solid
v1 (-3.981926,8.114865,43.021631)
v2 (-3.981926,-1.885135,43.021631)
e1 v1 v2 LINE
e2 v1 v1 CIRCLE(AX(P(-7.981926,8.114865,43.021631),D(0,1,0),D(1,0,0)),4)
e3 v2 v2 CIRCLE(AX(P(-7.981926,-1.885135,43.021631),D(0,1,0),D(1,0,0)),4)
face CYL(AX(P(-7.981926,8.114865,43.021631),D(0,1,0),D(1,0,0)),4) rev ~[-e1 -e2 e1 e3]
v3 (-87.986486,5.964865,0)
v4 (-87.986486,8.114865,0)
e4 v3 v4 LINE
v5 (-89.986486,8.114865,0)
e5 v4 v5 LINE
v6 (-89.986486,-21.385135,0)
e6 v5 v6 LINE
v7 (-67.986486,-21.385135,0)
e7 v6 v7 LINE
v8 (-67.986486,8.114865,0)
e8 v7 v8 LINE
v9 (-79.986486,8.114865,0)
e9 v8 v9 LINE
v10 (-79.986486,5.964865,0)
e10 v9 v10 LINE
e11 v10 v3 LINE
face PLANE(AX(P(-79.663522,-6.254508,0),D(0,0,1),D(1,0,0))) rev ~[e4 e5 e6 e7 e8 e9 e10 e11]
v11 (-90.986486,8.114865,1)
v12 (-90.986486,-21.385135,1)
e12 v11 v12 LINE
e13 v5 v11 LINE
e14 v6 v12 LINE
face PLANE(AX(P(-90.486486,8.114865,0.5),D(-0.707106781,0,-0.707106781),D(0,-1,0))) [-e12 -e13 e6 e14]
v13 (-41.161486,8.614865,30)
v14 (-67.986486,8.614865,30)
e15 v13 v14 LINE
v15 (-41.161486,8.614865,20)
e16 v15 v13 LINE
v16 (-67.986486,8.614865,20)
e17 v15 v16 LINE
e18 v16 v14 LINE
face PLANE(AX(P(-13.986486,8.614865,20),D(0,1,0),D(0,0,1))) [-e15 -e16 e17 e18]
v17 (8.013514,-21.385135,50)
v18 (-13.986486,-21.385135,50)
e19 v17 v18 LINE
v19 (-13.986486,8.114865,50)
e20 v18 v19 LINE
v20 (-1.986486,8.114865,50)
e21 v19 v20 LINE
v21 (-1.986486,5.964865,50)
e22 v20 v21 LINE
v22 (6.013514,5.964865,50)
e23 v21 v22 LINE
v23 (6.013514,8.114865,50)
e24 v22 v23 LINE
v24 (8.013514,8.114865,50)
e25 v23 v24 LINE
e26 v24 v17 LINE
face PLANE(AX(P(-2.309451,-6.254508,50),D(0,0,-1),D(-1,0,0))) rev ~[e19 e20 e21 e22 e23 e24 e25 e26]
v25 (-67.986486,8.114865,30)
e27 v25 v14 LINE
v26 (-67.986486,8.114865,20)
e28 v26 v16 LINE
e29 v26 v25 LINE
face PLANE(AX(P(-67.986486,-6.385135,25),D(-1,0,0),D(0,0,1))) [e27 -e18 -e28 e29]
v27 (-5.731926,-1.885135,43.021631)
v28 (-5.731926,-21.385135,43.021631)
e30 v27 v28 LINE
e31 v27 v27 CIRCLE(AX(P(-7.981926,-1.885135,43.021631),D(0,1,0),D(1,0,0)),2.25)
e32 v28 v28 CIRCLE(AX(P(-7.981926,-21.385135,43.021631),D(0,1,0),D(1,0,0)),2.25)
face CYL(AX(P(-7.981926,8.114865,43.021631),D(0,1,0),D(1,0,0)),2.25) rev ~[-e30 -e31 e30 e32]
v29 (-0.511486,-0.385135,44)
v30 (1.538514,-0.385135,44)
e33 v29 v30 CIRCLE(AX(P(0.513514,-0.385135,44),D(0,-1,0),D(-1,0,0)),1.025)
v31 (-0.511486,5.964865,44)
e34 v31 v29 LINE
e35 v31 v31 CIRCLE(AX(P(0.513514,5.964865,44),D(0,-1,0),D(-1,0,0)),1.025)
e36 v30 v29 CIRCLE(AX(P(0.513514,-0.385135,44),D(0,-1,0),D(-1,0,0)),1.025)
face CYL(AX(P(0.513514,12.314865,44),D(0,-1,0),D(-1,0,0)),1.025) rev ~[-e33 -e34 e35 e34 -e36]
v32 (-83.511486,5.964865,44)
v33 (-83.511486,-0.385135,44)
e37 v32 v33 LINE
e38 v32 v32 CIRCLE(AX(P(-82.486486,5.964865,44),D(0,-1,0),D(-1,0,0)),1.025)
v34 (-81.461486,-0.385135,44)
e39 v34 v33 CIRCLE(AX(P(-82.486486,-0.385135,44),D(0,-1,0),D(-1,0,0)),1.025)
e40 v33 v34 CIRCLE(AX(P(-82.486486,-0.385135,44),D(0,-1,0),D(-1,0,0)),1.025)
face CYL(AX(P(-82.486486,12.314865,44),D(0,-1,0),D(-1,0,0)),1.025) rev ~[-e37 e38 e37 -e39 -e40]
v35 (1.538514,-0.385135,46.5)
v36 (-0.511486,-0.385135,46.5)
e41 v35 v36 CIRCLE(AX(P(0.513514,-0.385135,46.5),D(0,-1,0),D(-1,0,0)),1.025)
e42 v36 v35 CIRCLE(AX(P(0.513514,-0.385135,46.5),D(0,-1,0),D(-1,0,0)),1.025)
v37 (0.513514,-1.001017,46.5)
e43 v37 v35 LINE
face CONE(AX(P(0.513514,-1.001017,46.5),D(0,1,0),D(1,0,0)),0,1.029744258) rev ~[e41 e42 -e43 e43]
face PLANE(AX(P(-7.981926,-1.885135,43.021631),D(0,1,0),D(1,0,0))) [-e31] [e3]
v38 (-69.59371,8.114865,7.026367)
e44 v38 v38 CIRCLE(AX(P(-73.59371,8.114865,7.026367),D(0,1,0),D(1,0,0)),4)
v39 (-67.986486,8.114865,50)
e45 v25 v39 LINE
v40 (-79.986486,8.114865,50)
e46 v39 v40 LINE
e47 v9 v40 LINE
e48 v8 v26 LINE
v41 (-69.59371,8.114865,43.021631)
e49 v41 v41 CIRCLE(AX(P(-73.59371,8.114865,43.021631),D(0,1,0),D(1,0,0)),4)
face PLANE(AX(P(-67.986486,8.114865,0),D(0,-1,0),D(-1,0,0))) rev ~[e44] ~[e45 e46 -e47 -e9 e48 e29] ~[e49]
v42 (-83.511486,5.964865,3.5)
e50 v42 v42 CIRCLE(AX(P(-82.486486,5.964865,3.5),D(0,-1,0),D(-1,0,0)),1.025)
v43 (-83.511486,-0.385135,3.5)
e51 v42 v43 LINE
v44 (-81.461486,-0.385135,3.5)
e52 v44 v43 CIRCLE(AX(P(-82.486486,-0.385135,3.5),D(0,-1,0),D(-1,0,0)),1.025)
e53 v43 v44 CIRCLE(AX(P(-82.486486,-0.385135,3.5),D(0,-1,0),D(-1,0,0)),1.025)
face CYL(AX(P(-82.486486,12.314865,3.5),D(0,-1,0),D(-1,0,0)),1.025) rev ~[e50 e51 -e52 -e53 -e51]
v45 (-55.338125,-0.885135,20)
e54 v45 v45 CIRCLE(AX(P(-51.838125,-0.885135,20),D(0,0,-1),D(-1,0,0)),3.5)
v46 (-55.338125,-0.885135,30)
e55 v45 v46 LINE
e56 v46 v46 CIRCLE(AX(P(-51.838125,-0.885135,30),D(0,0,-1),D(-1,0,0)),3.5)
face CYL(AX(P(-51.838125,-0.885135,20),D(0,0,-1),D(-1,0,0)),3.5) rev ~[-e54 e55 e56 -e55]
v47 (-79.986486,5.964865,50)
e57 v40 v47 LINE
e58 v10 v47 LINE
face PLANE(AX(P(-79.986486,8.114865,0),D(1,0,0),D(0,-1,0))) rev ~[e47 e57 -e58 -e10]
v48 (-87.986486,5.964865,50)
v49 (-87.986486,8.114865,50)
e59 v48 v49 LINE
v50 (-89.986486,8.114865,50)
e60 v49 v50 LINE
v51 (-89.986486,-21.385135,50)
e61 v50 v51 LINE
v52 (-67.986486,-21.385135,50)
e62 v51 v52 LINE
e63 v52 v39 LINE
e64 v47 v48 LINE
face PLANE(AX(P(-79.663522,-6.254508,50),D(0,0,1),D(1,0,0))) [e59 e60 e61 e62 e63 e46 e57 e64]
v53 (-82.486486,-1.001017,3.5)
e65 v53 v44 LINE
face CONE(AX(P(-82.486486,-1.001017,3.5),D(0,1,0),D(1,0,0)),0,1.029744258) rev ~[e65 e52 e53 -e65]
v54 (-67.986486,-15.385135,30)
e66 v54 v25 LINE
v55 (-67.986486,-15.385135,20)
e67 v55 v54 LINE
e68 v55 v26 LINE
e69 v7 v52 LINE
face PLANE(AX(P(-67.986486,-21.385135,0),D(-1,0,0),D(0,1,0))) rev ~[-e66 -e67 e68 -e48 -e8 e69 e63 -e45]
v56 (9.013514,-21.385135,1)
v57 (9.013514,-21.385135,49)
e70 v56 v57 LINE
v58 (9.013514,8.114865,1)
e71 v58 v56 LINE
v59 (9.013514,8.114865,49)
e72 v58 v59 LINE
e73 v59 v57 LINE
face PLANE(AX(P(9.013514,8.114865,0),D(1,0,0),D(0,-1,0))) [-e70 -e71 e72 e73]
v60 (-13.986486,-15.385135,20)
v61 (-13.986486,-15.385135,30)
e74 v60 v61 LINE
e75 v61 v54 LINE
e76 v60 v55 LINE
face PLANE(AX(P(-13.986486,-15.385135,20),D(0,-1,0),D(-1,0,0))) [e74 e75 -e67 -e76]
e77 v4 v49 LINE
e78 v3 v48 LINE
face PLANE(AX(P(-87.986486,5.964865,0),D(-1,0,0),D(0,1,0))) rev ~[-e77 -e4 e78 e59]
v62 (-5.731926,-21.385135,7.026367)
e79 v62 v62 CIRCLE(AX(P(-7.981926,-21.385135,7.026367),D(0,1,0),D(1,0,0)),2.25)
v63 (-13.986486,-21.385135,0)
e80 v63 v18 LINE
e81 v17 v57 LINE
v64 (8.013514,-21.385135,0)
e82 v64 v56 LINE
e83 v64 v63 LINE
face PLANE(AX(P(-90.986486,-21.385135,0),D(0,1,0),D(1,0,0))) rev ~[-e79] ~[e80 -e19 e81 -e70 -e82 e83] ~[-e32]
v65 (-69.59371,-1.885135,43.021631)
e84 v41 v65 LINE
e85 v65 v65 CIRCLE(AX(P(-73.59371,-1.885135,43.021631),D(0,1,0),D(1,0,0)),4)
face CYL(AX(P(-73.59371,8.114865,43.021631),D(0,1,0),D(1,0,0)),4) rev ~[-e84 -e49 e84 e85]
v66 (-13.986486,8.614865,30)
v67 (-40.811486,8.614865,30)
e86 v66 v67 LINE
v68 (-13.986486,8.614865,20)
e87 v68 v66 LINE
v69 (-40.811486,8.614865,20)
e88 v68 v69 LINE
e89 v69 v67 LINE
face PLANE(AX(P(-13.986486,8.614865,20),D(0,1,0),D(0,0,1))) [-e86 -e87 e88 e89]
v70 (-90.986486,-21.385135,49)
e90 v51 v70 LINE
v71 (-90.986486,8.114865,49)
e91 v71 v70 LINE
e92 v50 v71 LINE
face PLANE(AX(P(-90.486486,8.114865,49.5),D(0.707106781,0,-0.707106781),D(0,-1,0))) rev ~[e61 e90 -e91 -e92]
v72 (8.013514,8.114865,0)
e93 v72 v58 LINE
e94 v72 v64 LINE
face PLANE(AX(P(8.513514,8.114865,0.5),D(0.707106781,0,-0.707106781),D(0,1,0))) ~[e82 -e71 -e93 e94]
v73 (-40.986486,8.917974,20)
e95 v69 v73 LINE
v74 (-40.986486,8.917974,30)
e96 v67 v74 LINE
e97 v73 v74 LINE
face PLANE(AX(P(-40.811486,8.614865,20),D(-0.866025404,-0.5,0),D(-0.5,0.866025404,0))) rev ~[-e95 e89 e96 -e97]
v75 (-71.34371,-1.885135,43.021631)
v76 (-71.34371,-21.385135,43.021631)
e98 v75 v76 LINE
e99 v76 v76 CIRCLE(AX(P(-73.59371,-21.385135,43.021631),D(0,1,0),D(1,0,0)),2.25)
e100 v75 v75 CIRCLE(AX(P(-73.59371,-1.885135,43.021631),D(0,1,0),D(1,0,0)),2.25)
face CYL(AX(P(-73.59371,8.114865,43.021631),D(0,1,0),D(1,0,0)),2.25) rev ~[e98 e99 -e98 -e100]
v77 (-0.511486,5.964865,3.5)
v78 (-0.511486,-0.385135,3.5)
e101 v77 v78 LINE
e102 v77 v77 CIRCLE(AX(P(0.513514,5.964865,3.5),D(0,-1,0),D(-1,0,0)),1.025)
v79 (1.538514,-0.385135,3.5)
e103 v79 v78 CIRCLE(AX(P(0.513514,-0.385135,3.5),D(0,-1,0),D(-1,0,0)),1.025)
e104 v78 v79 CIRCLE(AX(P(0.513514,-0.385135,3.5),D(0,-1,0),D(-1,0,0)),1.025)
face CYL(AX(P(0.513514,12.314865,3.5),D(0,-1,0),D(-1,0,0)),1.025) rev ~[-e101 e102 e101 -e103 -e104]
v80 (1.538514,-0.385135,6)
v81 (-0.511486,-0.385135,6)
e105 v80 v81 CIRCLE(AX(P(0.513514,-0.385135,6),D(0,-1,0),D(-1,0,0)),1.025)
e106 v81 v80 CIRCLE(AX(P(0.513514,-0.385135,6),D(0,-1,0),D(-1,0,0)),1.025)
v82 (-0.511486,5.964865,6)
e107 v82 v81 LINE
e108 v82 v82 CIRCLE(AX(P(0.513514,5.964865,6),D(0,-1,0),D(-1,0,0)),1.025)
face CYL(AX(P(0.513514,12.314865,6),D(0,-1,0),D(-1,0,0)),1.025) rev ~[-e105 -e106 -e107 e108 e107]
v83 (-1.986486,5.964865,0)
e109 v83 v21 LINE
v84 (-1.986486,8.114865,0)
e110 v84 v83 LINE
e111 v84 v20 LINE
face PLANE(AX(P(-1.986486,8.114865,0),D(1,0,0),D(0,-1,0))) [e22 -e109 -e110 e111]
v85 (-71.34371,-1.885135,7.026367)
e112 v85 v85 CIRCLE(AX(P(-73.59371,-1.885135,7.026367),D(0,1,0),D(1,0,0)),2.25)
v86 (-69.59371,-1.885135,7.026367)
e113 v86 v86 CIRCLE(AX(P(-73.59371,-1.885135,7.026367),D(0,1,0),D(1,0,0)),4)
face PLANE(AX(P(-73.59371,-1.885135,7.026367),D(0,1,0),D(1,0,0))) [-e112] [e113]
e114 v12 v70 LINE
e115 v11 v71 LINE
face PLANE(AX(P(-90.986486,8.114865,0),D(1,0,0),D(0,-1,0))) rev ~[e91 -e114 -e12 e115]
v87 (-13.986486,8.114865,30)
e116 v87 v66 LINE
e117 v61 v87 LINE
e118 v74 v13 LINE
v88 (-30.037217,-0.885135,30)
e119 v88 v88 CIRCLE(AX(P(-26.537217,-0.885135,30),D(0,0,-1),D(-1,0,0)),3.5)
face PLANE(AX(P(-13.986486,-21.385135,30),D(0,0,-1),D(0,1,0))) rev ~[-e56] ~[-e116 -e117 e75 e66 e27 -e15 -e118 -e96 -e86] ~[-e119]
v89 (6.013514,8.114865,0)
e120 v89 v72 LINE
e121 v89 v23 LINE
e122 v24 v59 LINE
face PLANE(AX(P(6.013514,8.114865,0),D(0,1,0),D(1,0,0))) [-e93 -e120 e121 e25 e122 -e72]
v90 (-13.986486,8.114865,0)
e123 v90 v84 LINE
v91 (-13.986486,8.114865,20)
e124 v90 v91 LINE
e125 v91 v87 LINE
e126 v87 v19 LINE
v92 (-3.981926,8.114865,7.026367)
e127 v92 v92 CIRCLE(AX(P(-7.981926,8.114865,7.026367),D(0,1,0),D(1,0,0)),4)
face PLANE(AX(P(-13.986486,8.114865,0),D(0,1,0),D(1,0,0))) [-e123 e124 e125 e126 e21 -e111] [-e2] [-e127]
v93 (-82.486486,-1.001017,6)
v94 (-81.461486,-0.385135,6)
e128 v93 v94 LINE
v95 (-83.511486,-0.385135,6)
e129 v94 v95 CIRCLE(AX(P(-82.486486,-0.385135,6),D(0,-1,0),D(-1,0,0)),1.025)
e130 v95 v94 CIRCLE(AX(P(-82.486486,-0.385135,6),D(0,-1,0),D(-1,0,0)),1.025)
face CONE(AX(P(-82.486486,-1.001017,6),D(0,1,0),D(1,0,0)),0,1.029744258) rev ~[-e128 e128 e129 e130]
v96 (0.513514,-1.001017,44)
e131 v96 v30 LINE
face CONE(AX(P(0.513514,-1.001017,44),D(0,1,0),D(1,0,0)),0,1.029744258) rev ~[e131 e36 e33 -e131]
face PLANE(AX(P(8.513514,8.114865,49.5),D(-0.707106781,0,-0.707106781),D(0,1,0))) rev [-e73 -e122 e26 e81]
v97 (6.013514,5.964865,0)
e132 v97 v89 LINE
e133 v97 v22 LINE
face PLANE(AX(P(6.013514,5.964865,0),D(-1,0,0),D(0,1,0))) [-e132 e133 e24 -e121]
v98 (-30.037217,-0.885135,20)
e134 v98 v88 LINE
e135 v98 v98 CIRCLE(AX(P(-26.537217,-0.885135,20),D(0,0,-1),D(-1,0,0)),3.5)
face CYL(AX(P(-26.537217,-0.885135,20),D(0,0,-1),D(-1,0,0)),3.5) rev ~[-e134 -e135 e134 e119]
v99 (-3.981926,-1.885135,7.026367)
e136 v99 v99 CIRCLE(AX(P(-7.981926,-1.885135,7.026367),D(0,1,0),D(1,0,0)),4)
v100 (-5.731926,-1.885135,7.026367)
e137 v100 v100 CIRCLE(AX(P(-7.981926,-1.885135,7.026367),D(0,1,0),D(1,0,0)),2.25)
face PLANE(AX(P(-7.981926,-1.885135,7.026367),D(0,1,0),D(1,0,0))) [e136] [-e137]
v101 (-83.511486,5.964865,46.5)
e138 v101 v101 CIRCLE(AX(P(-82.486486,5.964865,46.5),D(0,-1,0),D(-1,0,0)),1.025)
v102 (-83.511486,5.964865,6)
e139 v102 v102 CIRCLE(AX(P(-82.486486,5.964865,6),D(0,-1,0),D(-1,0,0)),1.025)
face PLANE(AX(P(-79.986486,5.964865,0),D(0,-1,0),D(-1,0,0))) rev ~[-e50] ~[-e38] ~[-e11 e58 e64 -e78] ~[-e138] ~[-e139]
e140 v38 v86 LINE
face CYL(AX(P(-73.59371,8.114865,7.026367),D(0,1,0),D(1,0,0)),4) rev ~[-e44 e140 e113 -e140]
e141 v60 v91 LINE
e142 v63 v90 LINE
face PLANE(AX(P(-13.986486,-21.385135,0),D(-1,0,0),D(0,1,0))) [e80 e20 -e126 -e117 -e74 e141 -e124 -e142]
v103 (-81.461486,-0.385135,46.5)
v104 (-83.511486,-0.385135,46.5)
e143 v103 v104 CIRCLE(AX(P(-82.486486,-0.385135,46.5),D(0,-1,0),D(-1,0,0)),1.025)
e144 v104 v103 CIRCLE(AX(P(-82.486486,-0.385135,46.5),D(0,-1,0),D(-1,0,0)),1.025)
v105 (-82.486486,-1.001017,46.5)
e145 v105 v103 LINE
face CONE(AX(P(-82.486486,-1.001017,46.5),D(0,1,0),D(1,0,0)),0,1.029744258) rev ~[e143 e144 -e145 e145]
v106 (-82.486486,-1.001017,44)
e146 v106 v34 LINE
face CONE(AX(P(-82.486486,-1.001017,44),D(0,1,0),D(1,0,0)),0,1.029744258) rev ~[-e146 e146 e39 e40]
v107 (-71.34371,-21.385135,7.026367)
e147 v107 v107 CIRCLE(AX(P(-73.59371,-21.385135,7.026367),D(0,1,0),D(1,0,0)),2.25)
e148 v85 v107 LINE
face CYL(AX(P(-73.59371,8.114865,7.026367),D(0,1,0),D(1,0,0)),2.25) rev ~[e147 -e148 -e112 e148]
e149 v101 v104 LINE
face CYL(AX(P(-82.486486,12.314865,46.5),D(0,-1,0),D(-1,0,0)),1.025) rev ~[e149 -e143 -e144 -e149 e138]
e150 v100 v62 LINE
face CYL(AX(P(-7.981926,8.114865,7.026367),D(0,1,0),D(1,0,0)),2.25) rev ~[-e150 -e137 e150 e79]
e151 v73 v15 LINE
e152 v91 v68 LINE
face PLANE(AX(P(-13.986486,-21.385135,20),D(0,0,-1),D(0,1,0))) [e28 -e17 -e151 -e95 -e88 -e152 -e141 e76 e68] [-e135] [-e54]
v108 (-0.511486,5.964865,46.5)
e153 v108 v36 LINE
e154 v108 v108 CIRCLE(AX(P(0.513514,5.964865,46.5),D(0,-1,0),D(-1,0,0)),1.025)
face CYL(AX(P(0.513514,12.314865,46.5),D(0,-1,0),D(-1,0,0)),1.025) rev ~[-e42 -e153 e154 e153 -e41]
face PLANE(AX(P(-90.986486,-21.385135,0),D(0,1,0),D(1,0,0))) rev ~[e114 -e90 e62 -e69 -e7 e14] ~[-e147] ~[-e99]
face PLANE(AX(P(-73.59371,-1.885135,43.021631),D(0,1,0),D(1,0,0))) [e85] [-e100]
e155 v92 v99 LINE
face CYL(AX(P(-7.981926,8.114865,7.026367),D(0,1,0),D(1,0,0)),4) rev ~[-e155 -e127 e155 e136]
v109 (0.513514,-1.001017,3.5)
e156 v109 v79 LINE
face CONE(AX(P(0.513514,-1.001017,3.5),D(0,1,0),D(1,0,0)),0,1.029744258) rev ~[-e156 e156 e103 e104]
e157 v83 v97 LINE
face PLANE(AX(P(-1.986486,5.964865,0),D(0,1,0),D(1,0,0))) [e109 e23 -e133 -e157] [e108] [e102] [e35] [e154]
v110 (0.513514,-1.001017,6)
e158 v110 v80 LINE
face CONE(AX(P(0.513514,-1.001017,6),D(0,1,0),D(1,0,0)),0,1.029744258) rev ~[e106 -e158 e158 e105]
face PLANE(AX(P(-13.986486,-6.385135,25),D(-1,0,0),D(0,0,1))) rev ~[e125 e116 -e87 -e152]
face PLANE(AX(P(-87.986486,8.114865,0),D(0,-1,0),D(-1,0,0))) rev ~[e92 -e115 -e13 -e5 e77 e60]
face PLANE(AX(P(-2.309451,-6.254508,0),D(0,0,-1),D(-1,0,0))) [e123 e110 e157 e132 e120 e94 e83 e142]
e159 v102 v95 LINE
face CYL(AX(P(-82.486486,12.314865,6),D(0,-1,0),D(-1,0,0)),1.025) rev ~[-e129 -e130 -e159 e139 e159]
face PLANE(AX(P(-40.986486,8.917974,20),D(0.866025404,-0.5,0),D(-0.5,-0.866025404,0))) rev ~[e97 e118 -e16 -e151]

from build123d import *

# Parameters (mm, degrees)
BOSS_EXTRUDE1_DEPTH     = 50
SKETCH2_W               = 10
SKETCH2_H               = 30
BOSS_EXTRUDE2_DEPTH     = 54
BOSS_EXTRUDE4_DEPTH     = 10
BOSS_EXTRUDE5_DEPTH     = 50
SKETCH5_R               = 3.5
CUT_EXTRUDE1_DEPTH      = 54
SKETCH6_R               = 2.25
CUT_EXTRUDE2_DEPTH      = 30.5
SKETCH7_R               = 4
CUT_EXTRUDE3_DEPTH      = 10
M2_5_TAPPED_HOLE2_D     = 2.05
M2_5_TAPPED_HOLE2_DEPTH = 6.35
M2_5_TAPPED_HOLE2_TIP   = 0.615882135
CHAMFER1_SIZE           = 1
SKETCH14_W              = 54
SKETCH14_H              = 6
CUT_EXTRUDE4_DEPTH      = 10


with BuildPart() as part:
    # Sketch1 → Boss-Extrude1 (new body)
    with BuildSketch(Plane.XY):
        Polygon((6.013513514, 8.114864865), (9.013513514, 8.114864865), (9.013513514, -21.385135135), (-13.986486486, -21.385135135), (-13.986486486, 8.114864865), (-1.986486486, 8.114864865), (-1.986486486, 5.964864865), (6.013513514, 5.964864865), align=None)
    extrude(amount=BOSS_EXTRUDE1_DEPTH)

    # Sketch2 → Boss-Extrude2 (add)
    with BuildSketch(Plane.ZY.offset(13.986486486)):
        with Locations((25, -6.385135135)):
            Rectangle(SKETCH2_W, SKETCH2_H)
    extrude(amount=BOSS_EXTRUDE2_DEPTH)

    # Sketch3 → Boss-Extrude4 (add)
    with BuildSketch(Plane(origin=(0, 0, 20), x_dir=(-1, 0, 0), z_dir=(0, 0, -1))):
        Polygon((40.811486486, 8.614864865), (40.986486486, 8.917973756), (41.161486486, 8.614864865), align=None)
    extrude(amount=-BOSS_EXTRUDE4_DEPTH)

    # Sketch4 → Boss-Extrude5 (add)
    with BuildSketch(Plane(origin=(0, 0, 0), x_dir=(-1, 0, 0), z_dir=(0, 0, -1))):
        Polygon((67.986486486, 8.114864865), (79.986486486, 8.114864865), (79.986486486, 5.964864865), (87.986486486, 5.964864865), (87.986486486, 8.114864865), (90.986486486, 8.114864865), (90.986486486, -21.385135135), (67.986486486, -21.385135135), align=None)
    extrude(amount=-BOSS_EXTRUDE5_DEPTH)

    # Sketch5 → Cut-Extrude1 (cut)
    with BuildSketch(Plane(origin=(0, 0, 20), x_dir=(-1, 0, 0), z_dir=(0, 0, -1))):
        with Locations((26.537216594, -0.885135135)):
            Circle(SKETCH5_R)
        with Locations((51.838124653, -0.885135135)):
            Circle(SKETCH5_R)
    extrude(amount=-CUT_EXTRUDE1_DEPTH, mode=Mode.SUBTRACT)

    # Sketch6 → Cut-Extrude2 (cut, through all)
    with BuildSketch(Plane(origin=(0, 8.114864865, 0), x_dir=(1, 0, 0), z_dir=(0, 1, 0))):
        with Locations((-7.981926448, -7.026366578)):
            Circle(SKETCH6_R)
        with Locations((-7.981926448, -43.021631087)):
            Circle(SKETCH6_R)
        with Locations((-73.593710074, -43.021631087)):
            Circle(SKETCH6_R)
        with Locations((-73.593710074, -7.026366578)):
            Circle(SKETCH6_R)
    extrude(amount=-CUT_EXTRUDE2_DEPTH, mode=Mode.SUBTRACT)

    # Sketch7 → Cut-Extrude3 (cut)
    with BuildSketch(Plane(origin=(0, 8.114864865, 0), x_dir=(1, 0, 0), z_dir=(0, 1, 0))):
        with Locations((-7.981926448, -43.021631087)):
            Circle(SKETCH7_R)
        with Locations((-7.981926448, -7.026366578)):
            Circle(SKETCH7_R)
        with Locations((-73.593710074, -43.021631087)):
            Circle(SKETCH7_R)
        with Locations((-73.593710074, -7.026366578)):
            Circle(SKETCH7_R)
    extrude(amount=-CUT_EXTRUDE3_DEPTH, mode=Mode.SUBTRACT)

    # M2.5 Tapped Hole2
    with Locations(Plane(origin=(0, 5.964864865, 0), x_dir=(1, 0, 0), z_dir=(0, 1, 0))):
        with Locations((0.513513514, -46.5), (0.513513514, -3.5), (-82.486486486, -46.5), (-82.486486486, -3.5), (0.513513514, -44), (0.513513514, -6), (-82.486486486, -44), (-82.486486486, -6)):
            Hole(M2_5_TAPPED_HOLE2_D / 2, depth=M2_5_TAPPED_HOLE2_DEPTH)
            with Locations((0, 0, -(M2_5_TAPPED_HOLE2_DEPTH + M2_5_TAPPED_HOLE2_TIP / 2))):  # 118° drill point
                Cone(0, M2_5_TAPPED_HOLE2_D / 2, M2_5_TAPPED_HOLE2_TIP, mode=Mode.SUBTRACT)

    # Chamfer1
    chamfer1_edges = [part.edges().sort_by_distance(p)[0] for p in [
        (9.013513514, -6.635135135, 50),
        (-90.986486486, -6.635135135, 50),
        (-90.986486486, -6.635135135, 0),
        (9.013513514, -6.635135135, 0),
    ]]
    chamfer(chamfer1_edges, length=CHAMFER1_SIZE)

    # Sketch14 → Cut-Extrude4 (cut)
    with BuildSketch(Plane(origin=(0, 0, 20), x_dir=(-1, 0, 0), z_dir=(0, 0, -1))):
        with Locations((40.986486486, -18.385135135)):
            Rectangle(SKETCH14_W, SKETCH14_H)
    extrude(amount=-CUT_EXTRUDE4_DEPTH, mode=Mode.SUBTRACT)


solid = part.part
